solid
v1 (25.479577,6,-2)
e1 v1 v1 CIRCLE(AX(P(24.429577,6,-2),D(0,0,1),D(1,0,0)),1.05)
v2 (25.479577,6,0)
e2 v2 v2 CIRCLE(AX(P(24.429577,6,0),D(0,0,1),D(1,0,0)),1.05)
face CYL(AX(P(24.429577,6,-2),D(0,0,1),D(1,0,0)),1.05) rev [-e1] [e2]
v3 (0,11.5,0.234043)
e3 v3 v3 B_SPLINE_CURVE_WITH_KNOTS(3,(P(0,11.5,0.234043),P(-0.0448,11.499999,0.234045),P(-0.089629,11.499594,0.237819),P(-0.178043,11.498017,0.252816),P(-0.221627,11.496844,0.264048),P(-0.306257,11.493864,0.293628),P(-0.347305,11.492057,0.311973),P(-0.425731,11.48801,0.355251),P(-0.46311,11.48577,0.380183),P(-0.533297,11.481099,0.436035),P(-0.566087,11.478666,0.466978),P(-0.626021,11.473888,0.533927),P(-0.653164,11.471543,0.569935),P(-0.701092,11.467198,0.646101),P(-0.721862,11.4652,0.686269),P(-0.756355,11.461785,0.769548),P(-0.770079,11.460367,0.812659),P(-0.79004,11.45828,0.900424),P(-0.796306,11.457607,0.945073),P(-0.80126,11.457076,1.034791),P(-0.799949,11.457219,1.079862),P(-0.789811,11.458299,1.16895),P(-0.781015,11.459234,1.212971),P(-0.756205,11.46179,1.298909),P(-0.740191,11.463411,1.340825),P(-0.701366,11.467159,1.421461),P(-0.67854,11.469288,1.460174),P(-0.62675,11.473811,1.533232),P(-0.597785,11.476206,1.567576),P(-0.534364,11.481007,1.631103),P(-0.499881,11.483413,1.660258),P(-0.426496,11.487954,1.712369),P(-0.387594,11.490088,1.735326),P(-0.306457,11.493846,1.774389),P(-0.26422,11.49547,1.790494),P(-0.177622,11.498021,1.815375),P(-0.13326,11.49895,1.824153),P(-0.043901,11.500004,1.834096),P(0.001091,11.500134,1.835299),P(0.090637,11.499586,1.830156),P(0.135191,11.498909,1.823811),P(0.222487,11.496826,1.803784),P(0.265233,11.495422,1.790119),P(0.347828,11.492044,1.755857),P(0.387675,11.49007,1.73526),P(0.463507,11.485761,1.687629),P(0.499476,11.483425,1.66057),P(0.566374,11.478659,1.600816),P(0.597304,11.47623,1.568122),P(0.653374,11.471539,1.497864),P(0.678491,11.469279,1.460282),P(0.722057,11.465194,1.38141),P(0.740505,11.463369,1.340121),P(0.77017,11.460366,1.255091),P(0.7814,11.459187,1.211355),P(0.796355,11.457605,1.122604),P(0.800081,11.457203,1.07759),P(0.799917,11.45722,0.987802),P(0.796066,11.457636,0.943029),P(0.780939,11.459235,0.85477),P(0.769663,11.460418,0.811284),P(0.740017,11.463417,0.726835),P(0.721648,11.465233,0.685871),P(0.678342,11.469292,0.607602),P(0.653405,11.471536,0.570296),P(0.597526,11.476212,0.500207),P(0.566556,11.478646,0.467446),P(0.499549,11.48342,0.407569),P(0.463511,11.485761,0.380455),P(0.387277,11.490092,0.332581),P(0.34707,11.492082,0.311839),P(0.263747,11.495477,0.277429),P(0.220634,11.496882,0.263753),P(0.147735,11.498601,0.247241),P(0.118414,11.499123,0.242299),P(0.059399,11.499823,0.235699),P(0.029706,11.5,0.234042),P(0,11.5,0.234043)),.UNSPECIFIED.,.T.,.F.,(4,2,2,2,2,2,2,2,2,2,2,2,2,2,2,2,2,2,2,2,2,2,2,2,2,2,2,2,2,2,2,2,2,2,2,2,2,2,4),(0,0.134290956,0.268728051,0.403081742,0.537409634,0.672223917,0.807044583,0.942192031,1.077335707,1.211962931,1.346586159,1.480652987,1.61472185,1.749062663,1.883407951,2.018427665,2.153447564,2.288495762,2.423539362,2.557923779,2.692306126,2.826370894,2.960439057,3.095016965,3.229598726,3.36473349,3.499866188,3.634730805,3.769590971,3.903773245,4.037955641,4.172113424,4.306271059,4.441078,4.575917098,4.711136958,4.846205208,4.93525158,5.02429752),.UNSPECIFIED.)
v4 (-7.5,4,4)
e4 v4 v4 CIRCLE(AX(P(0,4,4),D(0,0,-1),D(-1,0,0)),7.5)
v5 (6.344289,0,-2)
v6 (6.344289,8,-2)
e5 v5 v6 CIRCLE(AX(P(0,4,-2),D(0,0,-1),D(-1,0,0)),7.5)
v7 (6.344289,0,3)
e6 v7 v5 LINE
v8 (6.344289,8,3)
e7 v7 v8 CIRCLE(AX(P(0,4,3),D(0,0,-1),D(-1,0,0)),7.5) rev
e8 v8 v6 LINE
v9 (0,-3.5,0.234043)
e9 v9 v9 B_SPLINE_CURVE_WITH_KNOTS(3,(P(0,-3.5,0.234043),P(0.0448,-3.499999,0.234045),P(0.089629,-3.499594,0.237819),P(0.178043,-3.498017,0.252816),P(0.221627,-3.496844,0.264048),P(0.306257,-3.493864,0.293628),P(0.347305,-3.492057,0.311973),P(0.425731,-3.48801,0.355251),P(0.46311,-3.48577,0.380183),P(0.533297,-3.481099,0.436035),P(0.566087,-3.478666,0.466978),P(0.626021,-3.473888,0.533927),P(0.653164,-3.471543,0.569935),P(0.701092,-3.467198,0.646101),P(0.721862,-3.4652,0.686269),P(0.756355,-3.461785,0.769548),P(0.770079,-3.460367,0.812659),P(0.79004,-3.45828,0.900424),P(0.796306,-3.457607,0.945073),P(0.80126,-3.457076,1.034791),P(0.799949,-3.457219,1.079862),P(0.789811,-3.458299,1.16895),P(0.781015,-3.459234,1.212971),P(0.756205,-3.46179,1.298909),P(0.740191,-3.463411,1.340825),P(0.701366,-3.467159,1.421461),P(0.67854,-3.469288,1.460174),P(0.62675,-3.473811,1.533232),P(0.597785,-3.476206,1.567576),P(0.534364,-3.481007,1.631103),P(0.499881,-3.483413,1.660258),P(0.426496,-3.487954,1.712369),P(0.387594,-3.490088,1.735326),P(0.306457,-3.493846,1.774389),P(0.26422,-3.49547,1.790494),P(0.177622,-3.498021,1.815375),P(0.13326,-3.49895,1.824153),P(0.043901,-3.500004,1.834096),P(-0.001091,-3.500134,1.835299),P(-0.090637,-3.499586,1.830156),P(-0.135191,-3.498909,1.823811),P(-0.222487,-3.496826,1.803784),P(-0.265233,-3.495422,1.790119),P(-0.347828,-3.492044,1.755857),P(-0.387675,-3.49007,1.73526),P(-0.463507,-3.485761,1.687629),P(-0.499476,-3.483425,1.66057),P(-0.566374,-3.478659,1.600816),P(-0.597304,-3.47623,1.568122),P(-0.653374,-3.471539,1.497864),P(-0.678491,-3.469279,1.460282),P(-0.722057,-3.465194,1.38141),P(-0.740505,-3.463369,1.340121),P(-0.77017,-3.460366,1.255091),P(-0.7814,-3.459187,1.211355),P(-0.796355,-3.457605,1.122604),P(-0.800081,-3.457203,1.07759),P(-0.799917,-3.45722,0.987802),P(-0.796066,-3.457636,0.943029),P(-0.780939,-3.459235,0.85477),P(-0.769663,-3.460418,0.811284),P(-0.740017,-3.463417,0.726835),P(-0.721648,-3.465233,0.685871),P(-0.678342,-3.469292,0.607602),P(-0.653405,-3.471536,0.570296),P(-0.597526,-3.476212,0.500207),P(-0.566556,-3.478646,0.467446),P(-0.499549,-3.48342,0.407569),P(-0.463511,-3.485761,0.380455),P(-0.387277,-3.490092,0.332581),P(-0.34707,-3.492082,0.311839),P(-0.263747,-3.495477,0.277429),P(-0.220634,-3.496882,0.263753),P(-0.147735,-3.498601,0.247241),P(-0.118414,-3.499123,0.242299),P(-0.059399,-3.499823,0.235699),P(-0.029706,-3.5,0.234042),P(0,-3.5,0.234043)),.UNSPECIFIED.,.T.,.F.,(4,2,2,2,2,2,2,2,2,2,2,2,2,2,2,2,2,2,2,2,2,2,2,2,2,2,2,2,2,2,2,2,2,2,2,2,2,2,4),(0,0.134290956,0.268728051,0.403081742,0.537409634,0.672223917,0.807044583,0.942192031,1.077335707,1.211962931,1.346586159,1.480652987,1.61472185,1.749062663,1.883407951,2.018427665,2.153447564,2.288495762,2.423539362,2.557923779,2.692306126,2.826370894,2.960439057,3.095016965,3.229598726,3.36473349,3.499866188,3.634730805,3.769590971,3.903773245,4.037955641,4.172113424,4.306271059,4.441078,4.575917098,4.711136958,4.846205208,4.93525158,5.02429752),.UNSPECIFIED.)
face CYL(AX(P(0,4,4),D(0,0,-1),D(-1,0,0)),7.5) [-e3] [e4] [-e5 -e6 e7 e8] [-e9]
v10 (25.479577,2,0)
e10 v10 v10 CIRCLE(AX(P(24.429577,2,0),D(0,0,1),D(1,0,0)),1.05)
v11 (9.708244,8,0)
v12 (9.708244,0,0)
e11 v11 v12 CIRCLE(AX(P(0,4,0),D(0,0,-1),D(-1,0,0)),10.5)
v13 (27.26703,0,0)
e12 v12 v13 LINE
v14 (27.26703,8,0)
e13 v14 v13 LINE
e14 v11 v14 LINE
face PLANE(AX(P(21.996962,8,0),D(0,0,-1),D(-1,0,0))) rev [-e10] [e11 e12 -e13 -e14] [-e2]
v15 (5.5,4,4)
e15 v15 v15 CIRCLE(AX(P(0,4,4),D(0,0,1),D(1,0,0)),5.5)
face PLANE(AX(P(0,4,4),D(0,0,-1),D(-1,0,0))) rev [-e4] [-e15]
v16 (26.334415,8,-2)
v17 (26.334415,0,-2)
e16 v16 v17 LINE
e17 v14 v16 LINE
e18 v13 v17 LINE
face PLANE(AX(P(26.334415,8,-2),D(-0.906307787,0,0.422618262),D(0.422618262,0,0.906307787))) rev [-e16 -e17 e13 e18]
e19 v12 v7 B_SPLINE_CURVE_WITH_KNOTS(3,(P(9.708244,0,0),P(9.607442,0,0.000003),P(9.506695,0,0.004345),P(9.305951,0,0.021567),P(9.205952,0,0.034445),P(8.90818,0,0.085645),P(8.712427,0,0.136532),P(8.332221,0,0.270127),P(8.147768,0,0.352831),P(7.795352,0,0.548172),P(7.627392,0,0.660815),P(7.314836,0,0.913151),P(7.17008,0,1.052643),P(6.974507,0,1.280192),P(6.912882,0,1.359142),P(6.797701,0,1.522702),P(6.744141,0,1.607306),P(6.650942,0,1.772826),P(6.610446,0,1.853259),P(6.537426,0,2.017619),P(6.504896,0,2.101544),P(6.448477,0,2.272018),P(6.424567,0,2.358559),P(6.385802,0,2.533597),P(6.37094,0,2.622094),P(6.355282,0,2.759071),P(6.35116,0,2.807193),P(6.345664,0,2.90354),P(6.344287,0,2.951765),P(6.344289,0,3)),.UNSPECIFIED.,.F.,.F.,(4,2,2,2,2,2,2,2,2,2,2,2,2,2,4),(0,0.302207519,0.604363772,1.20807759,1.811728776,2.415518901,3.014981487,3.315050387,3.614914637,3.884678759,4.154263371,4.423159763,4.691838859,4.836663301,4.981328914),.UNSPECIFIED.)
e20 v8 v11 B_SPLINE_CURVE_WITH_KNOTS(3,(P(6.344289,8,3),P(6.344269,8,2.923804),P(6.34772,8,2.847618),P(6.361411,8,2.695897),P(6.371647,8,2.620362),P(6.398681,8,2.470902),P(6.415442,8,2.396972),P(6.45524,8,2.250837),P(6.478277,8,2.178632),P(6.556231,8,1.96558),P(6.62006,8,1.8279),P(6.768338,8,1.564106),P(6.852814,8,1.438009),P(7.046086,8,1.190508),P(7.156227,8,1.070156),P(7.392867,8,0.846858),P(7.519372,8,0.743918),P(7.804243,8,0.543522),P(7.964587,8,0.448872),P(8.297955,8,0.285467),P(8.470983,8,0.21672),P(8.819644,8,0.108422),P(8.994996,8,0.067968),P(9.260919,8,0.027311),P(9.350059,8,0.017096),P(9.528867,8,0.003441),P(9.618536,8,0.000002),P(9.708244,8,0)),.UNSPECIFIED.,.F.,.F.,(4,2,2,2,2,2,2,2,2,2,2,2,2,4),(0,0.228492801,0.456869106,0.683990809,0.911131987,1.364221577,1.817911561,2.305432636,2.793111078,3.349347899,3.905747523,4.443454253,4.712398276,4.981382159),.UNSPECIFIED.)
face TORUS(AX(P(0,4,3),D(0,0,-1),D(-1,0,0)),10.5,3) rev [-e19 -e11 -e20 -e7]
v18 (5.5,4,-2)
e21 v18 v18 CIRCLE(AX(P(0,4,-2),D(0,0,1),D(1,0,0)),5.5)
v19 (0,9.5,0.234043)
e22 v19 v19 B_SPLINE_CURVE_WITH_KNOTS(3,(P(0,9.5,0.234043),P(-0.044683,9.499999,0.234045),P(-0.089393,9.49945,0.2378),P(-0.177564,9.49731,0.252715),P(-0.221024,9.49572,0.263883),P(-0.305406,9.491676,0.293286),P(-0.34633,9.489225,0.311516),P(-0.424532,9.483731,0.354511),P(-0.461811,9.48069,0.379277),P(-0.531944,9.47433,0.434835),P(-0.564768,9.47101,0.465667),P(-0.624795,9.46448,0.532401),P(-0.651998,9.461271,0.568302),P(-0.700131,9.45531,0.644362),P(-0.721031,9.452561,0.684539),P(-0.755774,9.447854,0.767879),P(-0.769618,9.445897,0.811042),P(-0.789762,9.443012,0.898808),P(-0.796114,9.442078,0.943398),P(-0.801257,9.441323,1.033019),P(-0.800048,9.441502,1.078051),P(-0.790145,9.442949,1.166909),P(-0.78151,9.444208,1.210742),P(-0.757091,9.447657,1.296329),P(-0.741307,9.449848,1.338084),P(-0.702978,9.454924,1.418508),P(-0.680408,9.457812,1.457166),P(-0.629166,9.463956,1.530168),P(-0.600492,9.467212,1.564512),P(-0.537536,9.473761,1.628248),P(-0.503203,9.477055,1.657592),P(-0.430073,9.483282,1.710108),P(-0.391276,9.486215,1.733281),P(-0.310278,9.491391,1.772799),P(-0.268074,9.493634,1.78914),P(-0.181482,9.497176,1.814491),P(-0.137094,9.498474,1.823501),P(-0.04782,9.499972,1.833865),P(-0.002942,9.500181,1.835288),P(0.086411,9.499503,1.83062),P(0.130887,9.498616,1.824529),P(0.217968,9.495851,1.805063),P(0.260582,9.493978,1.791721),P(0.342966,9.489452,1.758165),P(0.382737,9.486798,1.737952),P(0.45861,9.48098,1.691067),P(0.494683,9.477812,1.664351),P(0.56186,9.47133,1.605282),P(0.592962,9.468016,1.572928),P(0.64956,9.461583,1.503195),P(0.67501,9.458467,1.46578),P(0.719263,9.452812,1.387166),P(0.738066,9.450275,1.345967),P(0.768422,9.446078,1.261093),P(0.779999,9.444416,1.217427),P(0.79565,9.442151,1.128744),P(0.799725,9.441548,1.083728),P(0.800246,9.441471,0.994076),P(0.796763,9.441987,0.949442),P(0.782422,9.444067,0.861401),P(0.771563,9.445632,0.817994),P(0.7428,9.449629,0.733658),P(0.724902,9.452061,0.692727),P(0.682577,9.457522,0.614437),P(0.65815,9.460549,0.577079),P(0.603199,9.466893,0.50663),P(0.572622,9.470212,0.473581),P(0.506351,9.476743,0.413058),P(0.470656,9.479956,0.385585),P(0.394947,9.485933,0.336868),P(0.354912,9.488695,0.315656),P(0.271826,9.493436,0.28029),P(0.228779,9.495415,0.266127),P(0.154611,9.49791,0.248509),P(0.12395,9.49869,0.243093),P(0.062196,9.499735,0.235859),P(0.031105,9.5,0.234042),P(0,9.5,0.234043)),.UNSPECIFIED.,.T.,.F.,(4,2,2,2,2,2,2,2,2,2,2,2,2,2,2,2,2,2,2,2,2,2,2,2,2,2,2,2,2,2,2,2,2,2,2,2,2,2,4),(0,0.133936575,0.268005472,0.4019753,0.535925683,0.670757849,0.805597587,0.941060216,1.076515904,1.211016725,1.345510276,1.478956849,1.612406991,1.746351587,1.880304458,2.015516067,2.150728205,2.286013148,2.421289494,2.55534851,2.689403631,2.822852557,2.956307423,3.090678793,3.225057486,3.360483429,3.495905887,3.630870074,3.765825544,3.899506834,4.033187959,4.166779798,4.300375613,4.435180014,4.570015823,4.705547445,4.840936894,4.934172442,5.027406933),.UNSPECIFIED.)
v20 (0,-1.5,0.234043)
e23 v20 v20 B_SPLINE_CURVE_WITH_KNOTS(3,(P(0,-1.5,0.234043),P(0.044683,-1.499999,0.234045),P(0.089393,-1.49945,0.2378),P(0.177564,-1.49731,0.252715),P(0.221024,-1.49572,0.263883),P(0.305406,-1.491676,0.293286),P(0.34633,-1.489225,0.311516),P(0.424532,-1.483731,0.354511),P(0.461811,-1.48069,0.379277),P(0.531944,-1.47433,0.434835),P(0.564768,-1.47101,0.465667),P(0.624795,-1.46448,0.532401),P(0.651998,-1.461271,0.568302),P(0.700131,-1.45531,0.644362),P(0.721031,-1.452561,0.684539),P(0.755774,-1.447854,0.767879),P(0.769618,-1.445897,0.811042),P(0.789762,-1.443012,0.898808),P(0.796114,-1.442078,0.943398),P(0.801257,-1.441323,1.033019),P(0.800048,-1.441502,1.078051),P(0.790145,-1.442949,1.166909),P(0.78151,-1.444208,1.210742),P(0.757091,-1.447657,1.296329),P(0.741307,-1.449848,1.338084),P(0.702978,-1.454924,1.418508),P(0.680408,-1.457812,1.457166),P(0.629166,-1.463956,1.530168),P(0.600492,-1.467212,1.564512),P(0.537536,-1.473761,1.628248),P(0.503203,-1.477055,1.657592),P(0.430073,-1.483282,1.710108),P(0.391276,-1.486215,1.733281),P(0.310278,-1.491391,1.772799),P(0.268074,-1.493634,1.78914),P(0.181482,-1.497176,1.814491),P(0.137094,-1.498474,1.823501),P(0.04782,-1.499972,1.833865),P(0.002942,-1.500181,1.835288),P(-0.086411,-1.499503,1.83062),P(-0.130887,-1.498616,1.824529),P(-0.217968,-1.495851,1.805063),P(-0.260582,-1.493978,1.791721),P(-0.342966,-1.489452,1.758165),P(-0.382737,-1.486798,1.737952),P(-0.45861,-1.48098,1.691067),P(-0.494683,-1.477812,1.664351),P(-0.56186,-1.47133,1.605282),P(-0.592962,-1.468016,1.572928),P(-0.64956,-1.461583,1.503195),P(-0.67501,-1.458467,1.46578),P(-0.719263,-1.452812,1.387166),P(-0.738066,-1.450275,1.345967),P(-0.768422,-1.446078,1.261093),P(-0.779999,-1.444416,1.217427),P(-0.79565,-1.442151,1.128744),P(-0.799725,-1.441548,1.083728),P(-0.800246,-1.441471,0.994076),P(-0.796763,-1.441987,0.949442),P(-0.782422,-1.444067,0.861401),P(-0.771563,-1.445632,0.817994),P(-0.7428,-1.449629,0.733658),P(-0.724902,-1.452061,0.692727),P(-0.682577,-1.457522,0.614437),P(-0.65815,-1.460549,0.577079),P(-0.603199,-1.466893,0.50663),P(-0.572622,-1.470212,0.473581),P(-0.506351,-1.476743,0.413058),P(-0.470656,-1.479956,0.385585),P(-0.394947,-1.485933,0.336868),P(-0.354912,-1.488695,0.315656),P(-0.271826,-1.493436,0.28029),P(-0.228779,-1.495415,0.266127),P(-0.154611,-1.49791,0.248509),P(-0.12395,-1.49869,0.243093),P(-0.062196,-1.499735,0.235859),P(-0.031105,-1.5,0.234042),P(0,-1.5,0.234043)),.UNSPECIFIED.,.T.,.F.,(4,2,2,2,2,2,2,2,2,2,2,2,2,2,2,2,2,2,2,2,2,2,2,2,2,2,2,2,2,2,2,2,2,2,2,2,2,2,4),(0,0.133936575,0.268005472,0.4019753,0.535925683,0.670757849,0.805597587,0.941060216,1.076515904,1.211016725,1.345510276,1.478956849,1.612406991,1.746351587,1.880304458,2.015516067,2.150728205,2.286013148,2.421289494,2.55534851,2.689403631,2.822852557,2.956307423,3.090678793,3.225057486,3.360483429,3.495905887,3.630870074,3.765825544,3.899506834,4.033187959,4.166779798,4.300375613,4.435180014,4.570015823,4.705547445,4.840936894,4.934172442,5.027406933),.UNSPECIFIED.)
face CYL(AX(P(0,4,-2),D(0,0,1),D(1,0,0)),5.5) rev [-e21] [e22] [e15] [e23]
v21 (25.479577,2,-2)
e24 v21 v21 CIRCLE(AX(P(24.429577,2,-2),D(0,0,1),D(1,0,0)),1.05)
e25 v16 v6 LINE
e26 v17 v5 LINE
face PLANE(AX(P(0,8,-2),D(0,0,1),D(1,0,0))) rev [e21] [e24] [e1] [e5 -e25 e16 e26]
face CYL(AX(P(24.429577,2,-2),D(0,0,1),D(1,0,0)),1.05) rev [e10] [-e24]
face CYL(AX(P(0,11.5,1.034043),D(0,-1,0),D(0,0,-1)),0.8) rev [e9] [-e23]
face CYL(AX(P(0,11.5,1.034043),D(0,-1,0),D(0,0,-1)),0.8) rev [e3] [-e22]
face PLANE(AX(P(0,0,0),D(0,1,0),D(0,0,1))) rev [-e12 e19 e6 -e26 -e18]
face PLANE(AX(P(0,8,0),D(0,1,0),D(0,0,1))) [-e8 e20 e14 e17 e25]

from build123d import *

# Parameters (mm, degrees)
BOSS_EXTRUDE1_DEPTH     = 8
SKETCH6_R               = 7.5
BOSS_EXTRUDE3_DEPTH     = 6
SKETCH2_R               = 5.5
CUT_EXTRUDE4_DEPTH      = 5
CUT_EXTRUDE4_DEPTH_BACK = 3
SKETCH8_R               = 0.8
CUT_EXTRUDE5_DEPTH      = 16
FILLET3_R               = 3
SKETCH9_R               = 1.05
CUT_EXTRUDE6_DEPTH      = 3.0000001


with BuildPart() as part:
    # Sketch1 → Boss-Extrude1 (new body)
    with BuildSketch(Plane(origin=(0, 0, 0), x_dir=(1, 0, 0), z_dir=(0, 1, 0))):
        Polygon((0, 0), (0, 2), (26.334414729, 2), (27.267030045, 0), (21.996962058, 0), align=None)
    extrude(amount=BOSS_EXTRUDE1_DEPTH)

    # Sketch6 → Boss-Extrude3 (add)
    with BuildSketch(Plane(origin=(0, 0, -2), x_dir=(-1, 0, 0), z_dir=(0, 0, -1))):
        with Locations((0, 4)):
            Circle(SKETCH6_R)
    extrude(amount=-BOSS_EXTRUDE3_DEPTH)

    # Sketch2 → Cut-Extrude4 (cut, two sides)
    with BuildSketch(Plane.XY) as cut_extrude4_sk:
        with Locations((0, 4)):
            Circle(SKETCH2_R)
    extrude(amount=CUT_EXTRUDE4_DEPTH, mode=Mode.SUBTRACT)
    extrude(cut_extrude4_sk.sketch, amount=-CUT_EXTRUDE4_DEPTH_BACK, mode=Mode.SUBTRACT)

    # Sketch8 → Cut-Extrude5 (cut, through all)
    with BuildSketch(Plane(origin=(0, -3.5, 0), x_dir=(-1, 0, 0), z_dir=(0, -1, 0))):
        with Locations((0, -1.034043254)):
            Circle(SKETCH8_R)
    extrude(amount=-CUT_EXTRUDE5_DEPTH, mode=Mode.SUBTRACT)

    # Fillet3
    fillet3_edges = [part.edges().sort_by_distance(p)[0] for p in [
        (7.5, 4, 0),
    ]]
    fillet(fillet3_edges, radius=FILLET3_R)

    # Sketch9 → Cut-Extrude6 (cut, through all)
    with BuildSketch(Plane.XY):
        with Locations((24.429577374, 2)):
            Circle(SKETCH9_R)
        with Locations((24.429577374, 6)):
            Circle(SKETCH9_R)
    extrude(amount=-CUT_EXTRUDE6_DEPTH, mode=Mode.SUBTRACT)


solid = part.part
